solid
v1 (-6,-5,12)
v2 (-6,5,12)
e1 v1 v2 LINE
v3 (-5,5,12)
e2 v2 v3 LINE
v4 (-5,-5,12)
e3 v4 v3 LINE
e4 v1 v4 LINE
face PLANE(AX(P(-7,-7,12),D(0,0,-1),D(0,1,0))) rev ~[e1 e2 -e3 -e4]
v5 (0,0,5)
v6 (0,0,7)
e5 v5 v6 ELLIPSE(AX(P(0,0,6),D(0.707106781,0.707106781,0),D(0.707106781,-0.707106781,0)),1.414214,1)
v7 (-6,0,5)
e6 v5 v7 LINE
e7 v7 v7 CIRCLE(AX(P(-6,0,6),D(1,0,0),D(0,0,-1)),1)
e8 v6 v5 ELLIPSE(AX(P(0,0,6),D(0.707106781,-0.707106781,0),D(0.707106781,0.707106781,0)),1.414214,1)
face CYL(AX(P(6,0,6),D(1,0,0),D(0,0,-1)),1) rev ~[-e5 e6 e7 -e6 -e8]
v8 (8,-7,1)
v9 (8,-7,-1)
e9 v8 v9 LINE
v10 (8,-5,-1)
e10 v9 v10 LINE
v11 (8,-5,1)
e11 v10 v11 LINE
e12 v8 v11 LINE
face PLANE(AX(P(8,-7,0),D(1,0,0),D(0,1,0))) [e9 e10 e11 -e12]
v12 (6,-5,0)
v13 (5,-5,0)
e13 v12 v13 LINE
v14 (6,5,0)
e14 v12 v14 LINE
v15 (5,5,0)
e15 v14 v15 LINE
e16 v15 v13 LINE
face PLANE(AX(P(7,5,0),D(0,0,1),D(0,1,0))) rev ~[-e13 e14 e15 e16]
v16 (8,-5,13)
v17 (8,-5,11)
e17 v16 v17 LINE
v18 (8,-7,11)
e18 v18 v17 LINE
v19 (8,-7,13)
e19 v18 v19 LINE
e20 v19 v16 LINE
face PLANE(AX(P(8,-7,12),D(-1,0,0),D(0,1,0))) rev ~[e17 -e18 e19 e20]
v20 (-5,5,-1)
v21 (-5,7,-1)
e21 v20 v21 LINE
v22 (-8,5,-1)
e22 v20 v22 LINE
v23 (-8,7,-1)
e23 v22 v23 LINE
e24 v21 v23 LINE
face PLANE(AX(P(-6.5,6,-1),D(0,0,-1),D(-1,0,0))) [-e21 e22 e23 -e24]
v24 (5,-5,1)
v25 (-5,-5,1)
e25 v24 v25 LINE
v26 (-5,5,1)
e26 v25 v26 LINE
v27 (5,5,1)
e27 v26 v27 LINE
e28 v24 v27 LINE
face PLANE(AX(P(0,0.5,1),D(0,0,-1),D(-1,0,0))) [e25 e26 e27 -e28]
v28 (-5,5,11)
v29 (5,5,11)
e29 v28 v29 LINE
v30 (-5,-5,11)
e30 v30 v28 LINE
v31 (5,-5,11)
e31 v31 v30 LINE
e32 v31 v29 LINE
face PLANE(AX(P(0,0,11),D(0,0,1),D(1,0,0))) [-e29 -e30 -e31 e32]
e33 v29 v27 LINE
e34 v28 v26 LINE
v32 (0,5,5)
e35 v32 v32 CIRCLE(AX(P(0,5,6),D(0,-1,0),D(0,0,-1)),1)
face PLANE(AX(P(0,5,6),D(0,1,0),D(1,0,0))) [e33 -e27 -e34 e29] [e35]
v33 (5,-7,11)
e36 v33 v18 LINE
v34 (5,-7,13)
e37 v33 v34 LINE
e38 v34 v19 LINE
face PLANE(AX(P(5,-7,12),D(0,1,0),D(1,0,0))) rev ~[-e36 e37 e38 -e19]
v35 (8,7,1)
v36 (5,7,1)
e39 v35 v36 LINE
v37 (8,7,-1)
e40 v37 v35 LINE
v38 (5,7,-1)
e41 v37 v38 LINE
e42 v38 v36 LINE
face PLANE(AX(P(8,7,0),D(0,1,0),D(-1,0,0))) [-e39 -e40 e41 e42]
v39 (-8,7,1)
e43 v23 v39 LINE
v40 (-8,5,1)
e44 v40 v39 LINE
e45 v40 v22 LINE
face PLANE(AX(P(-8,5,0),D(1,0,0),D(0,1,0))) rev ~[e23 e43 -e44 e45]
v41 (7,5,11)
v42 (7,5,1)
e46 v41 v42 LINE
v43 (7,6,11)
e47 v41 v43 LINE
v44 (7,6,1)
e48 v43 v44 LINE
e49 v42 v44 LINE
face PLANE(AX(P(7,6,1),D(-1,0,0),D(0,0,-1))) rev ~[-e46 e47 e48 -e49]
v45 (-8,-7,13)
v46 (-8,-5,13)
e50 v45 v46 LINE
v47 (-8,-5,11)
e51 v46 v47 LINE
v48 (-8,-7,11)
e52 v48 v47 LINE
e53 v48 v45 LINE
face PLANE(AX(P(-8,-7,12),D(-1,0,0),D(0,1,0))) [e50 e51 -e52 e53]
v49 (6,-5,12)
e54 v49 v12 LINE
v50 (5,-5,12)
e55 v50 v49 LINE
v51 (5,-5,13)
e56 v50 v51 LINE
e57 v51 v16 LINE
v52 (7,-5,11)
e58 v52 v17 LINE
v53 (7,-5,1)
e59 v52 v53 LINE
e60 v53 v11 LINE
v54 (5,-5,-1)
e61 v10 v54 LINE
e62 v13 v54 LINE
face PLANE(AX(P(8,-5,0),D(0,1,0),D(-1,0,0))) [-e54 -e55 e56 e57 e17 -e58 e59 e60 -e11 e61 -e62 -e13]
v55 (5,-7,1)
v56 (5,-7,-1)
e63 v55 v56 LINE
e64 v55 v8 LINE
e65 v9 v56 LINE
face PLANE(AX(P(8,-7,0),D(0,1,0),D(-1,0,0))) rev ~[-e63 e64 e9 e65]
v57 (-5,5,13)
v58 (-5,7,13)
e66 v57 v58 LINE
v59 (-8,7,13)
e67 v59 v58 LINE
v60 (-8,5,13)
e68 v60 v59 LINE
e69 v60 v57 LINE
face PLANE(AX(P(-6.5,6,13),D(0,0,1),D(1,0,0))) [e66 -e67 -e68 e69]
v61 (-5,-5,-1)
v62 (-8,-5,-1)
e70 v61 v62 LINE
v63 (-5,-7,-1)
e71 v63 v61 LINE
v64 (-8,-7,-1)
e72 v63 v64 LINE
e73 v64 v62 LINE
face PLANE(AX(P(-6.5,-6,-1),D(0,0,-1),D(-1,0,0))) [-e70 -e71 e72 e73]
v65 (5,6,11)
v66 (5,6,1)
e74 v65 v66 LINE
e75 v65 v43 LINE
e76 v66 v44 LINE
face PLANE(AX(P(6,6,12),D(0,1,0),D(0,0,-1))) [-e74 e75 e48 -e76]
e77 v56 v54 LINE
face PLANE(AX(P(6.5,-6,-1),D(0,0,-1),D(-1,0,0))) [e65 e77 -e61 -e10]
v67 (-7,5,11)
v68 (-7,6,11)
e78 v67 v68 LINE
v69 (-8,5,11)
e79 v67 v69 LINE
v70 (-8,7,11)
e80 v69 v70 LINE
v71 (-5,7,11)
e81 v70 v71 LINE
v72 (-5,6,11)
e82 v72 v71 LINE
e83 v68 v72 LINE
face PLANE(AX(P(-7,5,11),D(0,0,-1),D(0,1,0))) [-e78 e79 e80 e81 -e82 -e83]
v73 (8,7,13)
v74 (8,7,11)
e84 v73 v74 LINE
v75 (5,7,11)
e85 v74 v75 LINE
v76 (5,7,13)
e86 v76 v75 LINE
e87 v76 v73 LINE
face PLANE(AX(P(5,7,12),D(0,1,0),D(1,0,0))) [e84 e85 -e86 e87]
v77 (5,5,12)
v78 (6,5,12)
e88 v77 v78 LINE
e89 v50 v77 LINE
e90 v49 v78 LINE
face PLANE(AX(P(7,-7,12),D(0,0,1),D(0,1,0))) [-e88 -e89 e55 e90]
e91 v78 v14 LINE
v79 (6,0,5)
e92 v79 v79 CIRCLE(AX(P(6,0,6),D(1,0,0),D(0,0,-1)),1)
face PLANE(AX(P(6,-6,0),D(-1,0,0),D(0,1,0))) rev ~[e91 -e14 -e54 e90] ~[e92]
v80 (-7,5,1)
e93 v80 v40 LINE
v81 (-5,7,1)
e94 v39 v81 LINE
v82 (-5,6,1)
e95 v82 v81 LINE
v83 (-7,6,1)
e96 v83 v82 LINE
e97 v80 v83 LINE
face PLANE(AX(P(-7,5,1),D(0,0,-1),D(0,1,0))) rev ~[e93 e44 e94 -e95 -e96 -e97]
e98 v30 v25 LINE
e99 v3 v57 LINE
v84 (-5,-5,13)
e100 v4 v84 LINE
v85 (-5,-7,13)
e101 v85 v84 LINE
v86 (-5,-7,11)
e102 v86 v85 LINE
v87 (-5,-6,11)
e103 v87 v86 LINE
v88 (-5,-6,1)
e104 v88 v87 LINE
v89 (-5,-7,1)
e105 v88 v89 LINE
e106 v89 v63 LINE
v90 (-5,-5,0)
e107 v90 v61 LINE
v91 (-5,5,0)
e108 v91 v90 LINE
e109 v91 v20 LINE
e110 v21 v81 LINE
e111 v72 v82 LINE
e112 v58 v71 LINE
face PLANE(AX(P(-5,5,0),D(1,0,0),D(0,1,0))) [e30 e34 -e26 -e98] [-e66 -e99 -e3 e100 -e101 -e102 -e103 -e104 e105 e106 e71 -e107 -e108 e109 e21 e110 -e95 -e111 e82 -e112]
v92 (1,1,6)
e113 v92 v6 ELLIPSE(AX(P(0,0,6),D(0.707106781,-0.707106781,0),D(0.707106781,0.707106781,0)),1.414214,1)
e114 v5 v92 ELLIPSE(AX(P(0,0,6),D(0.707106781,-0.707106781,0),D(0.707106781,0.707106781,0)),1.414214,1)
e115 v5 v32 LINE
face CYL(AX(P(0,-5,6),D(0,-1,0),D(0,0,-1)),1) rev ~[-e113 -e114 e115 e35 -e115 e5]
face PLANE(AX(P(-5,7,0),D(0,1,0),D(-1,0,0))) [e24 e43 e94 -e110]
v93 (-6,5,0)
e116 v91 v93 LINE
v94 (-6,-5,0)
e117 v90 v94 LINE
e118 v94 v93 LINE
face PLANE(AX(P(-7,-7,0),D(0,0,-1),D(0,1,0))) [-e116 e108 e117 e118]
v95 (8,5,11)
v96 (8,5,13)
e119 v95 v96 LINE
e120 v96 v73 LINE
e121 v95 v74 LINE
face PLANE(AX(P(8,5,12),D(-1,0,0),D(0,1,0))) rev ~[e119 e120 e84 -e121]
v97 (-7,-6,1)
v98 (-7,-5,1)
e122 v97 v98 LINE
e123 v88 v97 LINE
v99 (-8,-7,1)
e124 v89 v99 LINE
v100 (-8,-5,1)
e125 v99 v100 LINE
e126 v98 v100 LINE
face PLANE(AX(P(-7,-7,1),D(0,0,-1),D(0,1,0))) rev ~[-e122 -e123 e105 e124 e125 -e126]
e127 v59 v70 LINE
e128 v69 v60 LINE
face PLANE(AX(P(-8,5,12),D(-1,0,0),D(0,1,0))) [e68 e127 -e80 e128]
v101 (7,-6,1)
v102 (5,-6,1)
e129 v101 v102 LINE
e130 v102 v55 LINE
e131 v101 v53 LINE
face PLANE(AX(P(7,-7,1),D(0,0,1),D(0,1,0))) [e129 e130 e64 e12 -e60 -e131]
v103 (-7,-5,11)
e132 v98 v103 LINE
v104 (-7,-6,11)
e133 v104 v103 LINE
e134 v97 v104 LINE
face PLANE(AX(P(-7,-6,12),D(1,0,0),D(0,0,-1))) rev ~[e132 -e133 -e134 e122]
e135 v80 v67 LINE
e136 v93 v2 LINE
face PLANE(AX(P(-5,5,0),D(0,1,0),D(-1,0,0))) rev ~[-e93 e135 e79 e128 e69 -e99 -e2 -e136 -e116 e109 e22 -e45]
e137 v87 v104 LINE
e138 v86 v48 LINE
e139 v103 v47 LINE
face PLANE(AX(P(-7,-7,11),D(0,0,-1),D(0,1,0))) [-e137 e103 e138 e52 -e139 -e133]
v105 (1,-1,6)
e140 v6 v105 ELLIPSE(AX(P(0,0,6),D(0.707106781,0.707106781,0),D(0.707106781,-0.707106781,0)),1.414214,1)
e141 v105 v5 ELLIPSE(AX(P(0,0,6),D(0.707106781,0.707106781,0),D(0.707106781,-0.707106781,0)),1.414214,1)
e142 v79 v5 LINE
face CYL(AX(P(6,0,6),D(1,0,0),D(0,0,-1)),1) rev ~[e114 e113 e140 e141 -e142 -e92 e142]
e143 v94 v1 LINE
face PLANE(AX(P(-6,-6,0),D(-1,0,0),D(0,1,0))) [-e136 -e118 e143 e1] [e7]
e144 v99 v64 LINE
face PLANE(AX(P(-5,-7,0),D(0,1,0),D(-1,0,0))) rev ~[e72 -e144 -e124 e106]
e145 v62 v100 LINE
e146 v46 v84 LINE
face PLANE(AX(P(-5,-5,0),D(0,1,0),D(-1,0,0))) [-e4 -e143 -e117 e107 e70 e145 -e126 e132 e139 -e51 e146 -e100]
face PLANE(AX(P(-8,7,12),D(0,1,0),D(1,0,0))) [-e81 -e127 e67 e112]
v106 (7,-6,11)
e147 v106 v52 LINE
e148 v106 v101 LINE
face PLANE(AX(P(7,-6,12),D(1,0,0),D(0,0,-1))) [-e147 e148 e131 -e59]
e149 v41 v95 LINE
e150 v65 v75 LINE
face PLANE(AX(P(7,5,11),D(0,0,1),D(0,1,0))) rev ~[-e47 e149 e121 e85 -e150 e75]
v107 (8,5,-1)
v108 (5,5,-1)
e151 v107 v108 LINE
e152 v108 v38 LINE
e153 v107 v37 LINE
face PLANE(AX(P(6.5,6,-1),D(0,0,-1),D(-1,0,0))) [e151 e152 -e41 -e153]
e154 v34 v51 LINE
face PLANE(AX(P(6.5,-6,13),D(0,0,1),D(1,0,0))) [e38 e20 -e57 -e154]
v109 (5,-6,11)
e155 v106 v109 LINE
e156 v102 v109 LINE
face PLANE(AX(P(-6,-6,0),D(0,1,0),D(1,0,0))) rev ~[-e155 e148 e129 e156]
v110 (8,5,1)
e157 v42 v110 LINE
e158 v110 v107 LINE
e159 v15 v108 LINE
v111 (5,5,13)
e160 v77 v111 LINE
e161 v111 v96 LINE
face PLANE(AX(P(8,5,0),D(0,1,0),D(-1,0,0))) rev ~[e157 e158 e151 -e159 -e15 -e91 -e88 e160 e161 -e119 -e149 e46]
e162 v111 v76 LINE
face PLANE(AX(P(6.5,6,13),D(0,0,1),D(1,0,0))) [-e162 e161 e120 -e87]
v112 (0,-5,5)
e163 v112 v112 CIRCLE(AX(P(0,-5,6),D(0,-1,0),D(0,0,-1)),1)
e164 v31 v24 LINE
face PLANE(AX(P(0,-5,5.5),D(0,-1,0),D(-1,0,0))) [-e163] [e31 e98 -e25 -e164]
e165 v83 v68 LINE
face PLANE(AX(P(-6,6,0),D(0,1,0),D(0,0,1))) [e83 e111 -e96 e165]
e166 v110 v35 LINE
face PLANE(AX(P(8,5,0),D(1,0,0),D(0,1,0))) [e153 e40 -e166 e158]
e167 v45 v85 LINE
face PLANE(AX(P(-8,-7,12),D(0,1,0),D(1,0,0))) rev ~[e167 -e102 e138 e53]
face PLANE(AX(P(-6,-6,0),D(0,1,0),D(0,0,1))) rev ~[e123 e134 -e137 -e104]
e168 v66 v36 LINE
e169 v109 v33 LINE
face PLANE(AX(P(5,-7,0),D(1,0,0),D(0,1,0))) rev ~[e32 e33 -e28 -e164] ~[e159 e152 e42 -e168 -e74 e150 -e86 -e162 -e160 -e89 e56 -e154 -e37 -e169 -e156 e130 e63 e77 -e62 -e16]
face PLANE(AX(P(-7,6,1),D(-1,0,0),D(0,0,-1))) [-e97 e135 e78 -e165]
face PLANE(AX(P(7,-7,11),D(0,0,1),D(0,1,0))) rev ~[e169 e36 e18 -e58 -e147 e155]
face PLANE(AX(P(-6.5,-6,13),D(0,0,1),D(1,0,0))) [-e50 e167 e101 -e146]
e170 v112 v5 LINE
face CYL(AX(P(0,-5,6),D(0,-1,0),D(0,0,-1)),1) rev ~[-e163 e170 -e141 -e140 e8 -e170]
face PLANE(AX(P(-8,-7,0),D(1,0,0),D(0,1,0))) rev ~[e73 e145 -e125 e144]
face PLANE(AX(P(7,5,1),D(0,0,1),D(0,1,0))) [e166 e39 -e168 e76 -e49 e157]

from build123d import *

# Parameters (mm, degrees)
SKETCH1_W            = 12
SKETCH1_H            = 12
BOSS_EXTRUDE1_DEPTH  = 12
SKETCH2_W            = 10
SKETCH2_H            = 12
CUT_EXTRUDE1_DEPTH   = 1
SKETCH3_W            = 10
SKETCH3_H            = 11
CUT_EXTRUDE2_DEPTH   = 1
SKETCH4_W            = 10
SKETCH4_H            = 11
CUT_EXTRUDE3_DEPTH   = 1
SKETCH5_W            = 10
SKETCH5_H            = 10
CUT_EXTRUDE4_DEPTH   = 1
SKETCH6_W            = 12
SKETCH6_H            = 1
BOSS_EXTRUDE2_DEPTH  = 1
SKETCH7_W            = 12
SKETCH7_H            = 1
BOSS_EXTRUDE3_DEPTH  = 1
SKETCH8_W            = 12
SKETCH8_H            = 1
BOSS_EXTRUDE4_DEPTH  = 1
SKETCH12_W           = 2
SKETCH12_H           = 1
BOSS_EXTRUDE5_DEPTH  = 1
SKETCH13_W           = 2
SKETCH13_H           = 1
BOSS_EXTRUDE6_DEPTH  = 1
SKETCH14_W           = 2
SKETCH14_H           = 1
BOSS_EXTRUDE7_DEPTH  = 1
SKETCH16_W           = 2
SKETCH16_H           = 1
BOSS_EXTRUDE8_DEPTH  = 1
SKETCH19_W           = 2
SKETCH19_H           = 1
BOSS_EXTRUDE10_DEPTH = 1
SKETCH20_W           = 2
SKETCH20_H           = 1
BOSS_EXTRUDE11_DEPTH = 1
SKETCH21_W           = 2
SKETCH21_H           = 1
BOSS_EXTRUDE12_DEPTH = 1
SKETCH22_W           = 2
SKETCH22_H           = 1
BOSS_EXTRUDE13_DEPTH = 1
SKETCH23_W           = 1
SKETCH23_H           = 2
BOSS_EXTRUDE15_DEPTH = 1
SKETCH24_W           = 3
SKETCH24_H           = 2
BOSS_EXTRUDE16_DEPTH = 1
SKETCH25_W           = 1
SKETCH25_H           = 2
BOSS_EXTRUDE17_DEPTH = 1
SKETCH26_W           = 1
SKETCH26_H           = 2
BOSS_EXTRUDE19_DEPTH = 1
SKETCH28_W           = 1
SKETCH28_H           = 2
BOSS_EXTRUDE20_DEPTH = 1
SKETCH29_W           = 1
SKETCH29_H           = 2
BOSS_EXTRUDE21_DEPTH = 1
SKETCH30_W           = 1
SKETCH30_H           = 2
BOSS_EXTRUDE22_DEPTH = 1
SKETCH31_W           = 1
SKETCH31_H           = 2
BOSS_EXTRUDE24_DEPTH = 1
SKETCH33_W           = 1
SKETCH33_H           = 2
BOSS_EXTRUDE25_DEPTH = 1
SKETCH34_W           = 3
SKETCH34_H           = 2
BOSS_EXTRUDE26_DEPTH = 1
SKETCH35_W           = 3
SKETCH35_H           = 2
BOSS_EXTRUDE27_DEPTH = 1
SKETCH36_W           = 3
SKETCH36_H           = 2
BOSS_EXTRUDE28_DEPTH = 1
SKETCH37_W           = 3
SKETCH37_H           = 2
BOSS_EXTRUDE29_DEPTH = 1
SKETCH38_W           = 3
SKETCH38_H           = 2
BOSS_EXTRUDE30_DEPTH = 1
SKETCH39_W           = 3
SKETCH39_H           = 2
BOSS_EXTRUDE31_DEPTH = 1
SKETCH40_W           = 3
SKETCH40_H           = 2
BOSS_EXTRUDE32_DEPTH = 1
SKETCH41_R           = 1
CUT_EXTRUDE6_DEPTH   = 12
SKETCH42_R           = 1
CUT_EXTRUDE7_DEPTH   = 12


with BuildPart() as part:
    # Sketch1 → Boss-Extrude1 (new body)
    with BuildSketch(Plane.XY):
        Rectangle(SKETCH1_W, SKETCH1_H)
    extrude(amount=BOSS_EXTRUDE1_DEPTH)

    # Sketch2 → Cut-Extrude1 (cut)
    with BuildSketch(Plane.XY.offset(12)):
        Rectangle(SKETCH2_W, SKETCH2_H)
    extrude(amount=-CUT_EXTRUDE1_DEPTH, mode=Mode.SUBTRACT)

    # Sketch3 → Cut-Extrude2 (cut)
    with BuildSketch(Plane(origin=(0, -6, 0), x_dir=(-1, 0, 0), z_dir=(0, -1, 0))):
        with Locations((0, -5.5)):
            Rectangle(SKETCH3_W, SKETCH3_H)
    extrude(amount=-CUT_EXTRUDE2_DEPTH, mode=Mode.SUBTRACT)

    # Sketch4 → Cut-Extrude3 (cut)
    with BuildSketch(Plane(origin=(0, 0, 0), x_dir=(-1, 0, 0), z_dir=(0, 0, -1))):
        with Locations((0, 0.5)):
            Rectangle(SKETCH4_W, SKETCH4_H)
    extrude(amount=-CUT_EXTRUDE3_DEPTH, mode=Mode.SUBTRACT)

    # Sketch5 → Cut-Extrude4 (cut)
    with BuildSketch(Plane(origin=(0, 6, 0), x_dir=(1, 0, 0), z_dir=(0, 1, 0))):
        with Locations((0, -6)):
            Rectangle(SKETCH5_W, SKETCH5_H)
    extrude(amount=-CUT_EXTRUDE4_DEPTH, mode=Mode.SUBTRACT)

    # Sketch6 → Boss-Extrude2 (add)
    with BuildSketch(Plane.ZY.offset(6)):
        with Locations((6, -5.5)):
            Rectangle(SKETCH6_W, SKETCH6_H)
    extrude(amount=BOSS_EXTRUDE2_DEPTH)

    # Sketch7 → Boss-Extrude3 (add)
    with BuildSketch(Plane.ZY.offset(6)):
        with Locations((6, 5.5)):
            Rectangle(SKETCH7_W, SKETCH7_H)
    extrude(amount=BOSS_EXTRUDE3_DEPTH)

    # Sketch8 → Boss-Extrude4 (add)
    with BuildSketch(Plane(origin=(6, 0, 0), x_dir=(0, 0, -1), z_dir=(1, 0, 0))):
        with Locations((-6, 5.5)):
            Rectangle(SKETCH8_W, SKETCH8_H)
        with Locations((-6, -5.5)):
            Rectangle(SKETCH8_W, SKETCH8_H)
    extrude(amount=BOSS_EXTRUDE4_DEPTH)

    # Sketch12 → Boss-Extrude5 (add)
    with BuildSketch(Plane(origin=(0, -6, 0), x_dir=(-1, 0, 0), z_dir=(0, -1, 0))):
        with Locations((-6, -0.5)):
            Rectangle(SKETCH12_W, SKETCH12_H)
    extrude(amount=BOSS_EXTRUDE5_DEPTH)

    # Sketch13 → Boss-Extrude6 (add)
    with BuildSketch(Plane(origin=(0, -6, 0), x_dir=(-1, 0, 0), z_dir=(0, -1, 0))):
        with Locations((-6, -11.5)):
            Rectangle(SKETCH13_W, SKETCH13_H)
    extrude(amount=BOSS_EXTRUDE6_DEPTH)

    # Sketch14 → Boss-Extrude7 (add)
    with BuildSketch(Plane(origin=(0, -6, 0), x_dir=(-1, 0, 0), z_dir=(0, -1, 0))):
        with Locations((6, -0.5)):
            Rectangle(SKETCH14_W, SKETCH14_H)
    extrude(amount=BOSS_EXTRUDE7_DEPTH)

    # Sketch16 → Boss-Extrude8 (add)
    with BuildSketch(Plane(origin=(0, -6, 0), x_dir=(-1, 0, 0), z_dir=(0, -1, 0))):
        with Locations((6, -11.5)):
            Rectangle(SKETCH16_W, SKETCH16_H)
    extrude(amount=BOSS_EXTRUDE8_DEPTH)

    # Sketch19 → Boss-Extrude10 (add)
    with BuildSketch(Plane(origin=(0, 6, 0), x_dir=(1, 0, 0), z_dir=(0, 1, 0))):
        with Locations((6, -11.5)):
            Rectangle(SKETCH19_W, SKETCH19_H)
    extrude(amount=BOSS_EXTRUDE10_DEPTH)

    # Sketch20 → Boss-Extrude11 (add)
    with BuildSketch(Plane(origin=(0, 6, 0), x_dir=(1, 0, 0), z_dir=(0, 1, 0))):
        with Locations((-6, -11.5)):
            Rectangle(SKETCH20_W, SKETCH20_H)
    extrude(amount=BOSS_EXTRUDE11_DEPTH)

    # Sketch21 → Boss-Extrude12 (add)
    with BuildSketch(Plane(origin=(0, 6, 0), x_dir=(1, 0, 0), z_dir=(0, 1, 0))):
        with Locations((6, -0.5)):
            Rectangle(SKETCH21_W, SKETCH21_H)
    extrude(amount=BOSS_EXTRUDE12_DEPTH)

    # Sketch22 → Boss-Extrude13 (add)
    with BuildSketch(Plane(origin=(0, 6, 0), x_dir=(1, 0, 0), z_dir=(0, 1, 0))):
        with Locations((-6, -0.5)):
            Rectangle(SKETCH22_W, SKETCH22_H)
    extrude(amount=BOSS_EXTRUDE13_DEPTH)

    # Sketch23 → Boss-Extrude15 (add)
    with BuildSketch(Plane(origin=(7, 0, 0), x_dir=(0, 0, -1), z_dir=(1, 0, 0))):
        with Locations((-11.5, 6)):
            Rectangle(SKETCH23_W, SKETCH23_H)
    extrude(amount=BOSS_EXTRUDE15_DEPTH)

    # Sketch24 → Boss-Extrude16 (add)
    with BuildSketch(Plane.XY.offset(12)):
        with Locations((6.5, 6)):
            Rectangle(SKETCH24_W, SKETCH24_H)
    extrude(amount=BOSS_EXTRUDE16_DEPTH)

    # Sketch25 → Boss-Extrude17 (add)
    with BuildSketch(Plane(origin=(7, 0, 0), x_dir=(0, 0, -1), z_dir=(1, 0, 0))):
        with Locations((-11.5, -6)):
            Rectangle(SKETCH25_W, SKETCH25_H)
    extrude(amount=BOSS_EXTRUDE17_DEPTH)

    # Sketch26 → Boss-Extrude19 (add)
    with BuildSketch(Plane(origin=(7, 0, 0), x_dir=(0, 0, -1), z_dir=(1, 0, 0))):
        with Locations((-0.5, -6)):
            Rectangle(SKETCH26_W, SKETCH26_H)
    extrude(amount=BOSS_EXTRUDE19_DEPTH)

    # Sketch28 → Boss-Extrude20 (add)
    with BuildSketch(Plane(origin=(7, 0, 0), x_dir=(0, 0, -1), z_dir=(1, 0, 0))):
        with Locations((-0.5, 6)):
            Rectangle(SKETCH28_W, SKETCH28_H)
    extrude(amount=BOSS_EXTRUDE20_DEPTH)

    # Sketch29 → Boss-Extrude21 (add)
    with BuildSketch(Plane.ZY.offset(7)):
        with Locations((0.5, 6)):
            Rectangle(SKETCH29_W, SKETCH29_H)
    extrude(amount=BOSS_EXTRUDE21_DEPTH)

    # Sketch30 → Boss-Extrude22 (add)
    with BuildSketch(Plane.ZY.offset(7)):
        with Locations((11.5, 6)):
            Rectangle(SKETCH30_W, SKETCH30_H)
    extrude(amount=BOSS_EXTRUDE22_DEPTH)

    # Sketch31 → Boss-Extrude24 (add)
    with BuildSketch(Plane.ZY.offset(7)):
        with Locations((0.5, -6)):
            Rectangle(SKETCH31_W, SKETCH31_H)
    extrude(amount=BOSS_EXTRUDE24_DEPTH)

    # Sketch33 → Boss-Extrude25 (add)
    with BuildSketch(Plane.ZY.offset(7)):
        with Locations((11.5, -6)):
            Rectangle(SKETCH33_W, SKETCH33_H)
    extrude(amount=BOSS_EXTRUDE25_DEPTH)

    # Sketch34 → Boss-Extrude26 (add)
    with BuildSketch(Plane.XY.offset(12)):
        with Locations((-6.5, 6)):
            Rectangle(SKETCH34_W, SKETCH34_H)
    extrude(amount=BOSS_EXTRUDE26_DEPTH)

    # Sketch35 → Boss-Extrude27 (add)
    with BuildSketch(Plane.XY.offset(12)):
        with Locations((-6.5, -6)):
            Rectangle(SKETCH35_W, SKETCH35_H)
    extrude(amount=BOSS_EXTRUDE27_DEPTH)

    # Sketch36 → Boss-Extrude28 (add)
    with BuildSketch(Plane.XY.offset(12)):
        with Locations((6.5, -6)):
            Rectangle(SKETCH36_W, SKETCH36_H)
    extrude(amount=BOSS_EXTRUDE28_DEPTH)

    # Sketch37 → Boss-Extrude29 (add)
    with BuildSketch(Plane(origin=(0, 0, 0), x_dir=(-1, 0, 0), z_dir=(0, 0, -1))):
        with Locations((-6.5, 6)):
            Rectangle(SKETCH37_W, SKETCH37_H)
    extrude(amount=BOSS_EXTRUDE29_DEPTH)

    # Sketch38 → Boss-Extrude30 (add)
    with BuildSketch(Plane(origin=(0, 0, 0), x_dir=(-1, 0, 0), z_dir=(0, 0, -1))):
        with Locations((-6.5, -6)):
            Rectangle(SKETCH38_W, SKETCH38_H)
    extrude(amount=BOSS_EXTRUDE30_DEPTH)

    # Sketch39 → Boss-Extrude31 (add)
    with BuildSketch(Plane(origin=(0, 0, 0), x_dir=(-1, 0, 0), z_dir=(0, 0, -1))):
        with Locations((6.5, -6)):
            Rectangle(SKETCH39_W, SKETCH39_H)
    extrude(amount=BOSS_EXTRUDE31_DEPTH)

    # Sketch40 → Boss-Extrude32 (add)
    with BuildSketch(Plane(origin=(0, 0, 0), x_dir=(-1, 0, 0), z_dir=(0, 0, -1))):
        with Locations((6.5, 6)):
            Rectangle(SKETCH40_W, SKETCH40_H)
    extrude(amount=BOSS_EXTRUDE32_DEPTH)

    # Sketch41 → Cut-Extrude6 (cut)
    with BuildSketch(Plane(origin=(6, 0, 0), x_dir=(0, 0, -1), z_dir=(1, 0, 0))):
        with Locations((-6, 0)):
            Circle(SKETCH41_R)
    extrude(amount=-CUT_EXTRUDE6_DEPTH, mode=Mode.SUBTRACT)

    # Sketch42 → Cut-Extrude7 (cut)
    with BuildSketch(Plane(origin=(0, -5, 0), x_dir=(-1, 0, 0), z_dir=(0, -1, 0))):
        with Locations(Location((0, -6, 0), (0, 0, 90))):
            Circle(SKETCH42_R)
    extrude(amount=-CUT_EXTRUDE7_DEPTH, mode=Mode.SUBTRACT)


solid = part.part
